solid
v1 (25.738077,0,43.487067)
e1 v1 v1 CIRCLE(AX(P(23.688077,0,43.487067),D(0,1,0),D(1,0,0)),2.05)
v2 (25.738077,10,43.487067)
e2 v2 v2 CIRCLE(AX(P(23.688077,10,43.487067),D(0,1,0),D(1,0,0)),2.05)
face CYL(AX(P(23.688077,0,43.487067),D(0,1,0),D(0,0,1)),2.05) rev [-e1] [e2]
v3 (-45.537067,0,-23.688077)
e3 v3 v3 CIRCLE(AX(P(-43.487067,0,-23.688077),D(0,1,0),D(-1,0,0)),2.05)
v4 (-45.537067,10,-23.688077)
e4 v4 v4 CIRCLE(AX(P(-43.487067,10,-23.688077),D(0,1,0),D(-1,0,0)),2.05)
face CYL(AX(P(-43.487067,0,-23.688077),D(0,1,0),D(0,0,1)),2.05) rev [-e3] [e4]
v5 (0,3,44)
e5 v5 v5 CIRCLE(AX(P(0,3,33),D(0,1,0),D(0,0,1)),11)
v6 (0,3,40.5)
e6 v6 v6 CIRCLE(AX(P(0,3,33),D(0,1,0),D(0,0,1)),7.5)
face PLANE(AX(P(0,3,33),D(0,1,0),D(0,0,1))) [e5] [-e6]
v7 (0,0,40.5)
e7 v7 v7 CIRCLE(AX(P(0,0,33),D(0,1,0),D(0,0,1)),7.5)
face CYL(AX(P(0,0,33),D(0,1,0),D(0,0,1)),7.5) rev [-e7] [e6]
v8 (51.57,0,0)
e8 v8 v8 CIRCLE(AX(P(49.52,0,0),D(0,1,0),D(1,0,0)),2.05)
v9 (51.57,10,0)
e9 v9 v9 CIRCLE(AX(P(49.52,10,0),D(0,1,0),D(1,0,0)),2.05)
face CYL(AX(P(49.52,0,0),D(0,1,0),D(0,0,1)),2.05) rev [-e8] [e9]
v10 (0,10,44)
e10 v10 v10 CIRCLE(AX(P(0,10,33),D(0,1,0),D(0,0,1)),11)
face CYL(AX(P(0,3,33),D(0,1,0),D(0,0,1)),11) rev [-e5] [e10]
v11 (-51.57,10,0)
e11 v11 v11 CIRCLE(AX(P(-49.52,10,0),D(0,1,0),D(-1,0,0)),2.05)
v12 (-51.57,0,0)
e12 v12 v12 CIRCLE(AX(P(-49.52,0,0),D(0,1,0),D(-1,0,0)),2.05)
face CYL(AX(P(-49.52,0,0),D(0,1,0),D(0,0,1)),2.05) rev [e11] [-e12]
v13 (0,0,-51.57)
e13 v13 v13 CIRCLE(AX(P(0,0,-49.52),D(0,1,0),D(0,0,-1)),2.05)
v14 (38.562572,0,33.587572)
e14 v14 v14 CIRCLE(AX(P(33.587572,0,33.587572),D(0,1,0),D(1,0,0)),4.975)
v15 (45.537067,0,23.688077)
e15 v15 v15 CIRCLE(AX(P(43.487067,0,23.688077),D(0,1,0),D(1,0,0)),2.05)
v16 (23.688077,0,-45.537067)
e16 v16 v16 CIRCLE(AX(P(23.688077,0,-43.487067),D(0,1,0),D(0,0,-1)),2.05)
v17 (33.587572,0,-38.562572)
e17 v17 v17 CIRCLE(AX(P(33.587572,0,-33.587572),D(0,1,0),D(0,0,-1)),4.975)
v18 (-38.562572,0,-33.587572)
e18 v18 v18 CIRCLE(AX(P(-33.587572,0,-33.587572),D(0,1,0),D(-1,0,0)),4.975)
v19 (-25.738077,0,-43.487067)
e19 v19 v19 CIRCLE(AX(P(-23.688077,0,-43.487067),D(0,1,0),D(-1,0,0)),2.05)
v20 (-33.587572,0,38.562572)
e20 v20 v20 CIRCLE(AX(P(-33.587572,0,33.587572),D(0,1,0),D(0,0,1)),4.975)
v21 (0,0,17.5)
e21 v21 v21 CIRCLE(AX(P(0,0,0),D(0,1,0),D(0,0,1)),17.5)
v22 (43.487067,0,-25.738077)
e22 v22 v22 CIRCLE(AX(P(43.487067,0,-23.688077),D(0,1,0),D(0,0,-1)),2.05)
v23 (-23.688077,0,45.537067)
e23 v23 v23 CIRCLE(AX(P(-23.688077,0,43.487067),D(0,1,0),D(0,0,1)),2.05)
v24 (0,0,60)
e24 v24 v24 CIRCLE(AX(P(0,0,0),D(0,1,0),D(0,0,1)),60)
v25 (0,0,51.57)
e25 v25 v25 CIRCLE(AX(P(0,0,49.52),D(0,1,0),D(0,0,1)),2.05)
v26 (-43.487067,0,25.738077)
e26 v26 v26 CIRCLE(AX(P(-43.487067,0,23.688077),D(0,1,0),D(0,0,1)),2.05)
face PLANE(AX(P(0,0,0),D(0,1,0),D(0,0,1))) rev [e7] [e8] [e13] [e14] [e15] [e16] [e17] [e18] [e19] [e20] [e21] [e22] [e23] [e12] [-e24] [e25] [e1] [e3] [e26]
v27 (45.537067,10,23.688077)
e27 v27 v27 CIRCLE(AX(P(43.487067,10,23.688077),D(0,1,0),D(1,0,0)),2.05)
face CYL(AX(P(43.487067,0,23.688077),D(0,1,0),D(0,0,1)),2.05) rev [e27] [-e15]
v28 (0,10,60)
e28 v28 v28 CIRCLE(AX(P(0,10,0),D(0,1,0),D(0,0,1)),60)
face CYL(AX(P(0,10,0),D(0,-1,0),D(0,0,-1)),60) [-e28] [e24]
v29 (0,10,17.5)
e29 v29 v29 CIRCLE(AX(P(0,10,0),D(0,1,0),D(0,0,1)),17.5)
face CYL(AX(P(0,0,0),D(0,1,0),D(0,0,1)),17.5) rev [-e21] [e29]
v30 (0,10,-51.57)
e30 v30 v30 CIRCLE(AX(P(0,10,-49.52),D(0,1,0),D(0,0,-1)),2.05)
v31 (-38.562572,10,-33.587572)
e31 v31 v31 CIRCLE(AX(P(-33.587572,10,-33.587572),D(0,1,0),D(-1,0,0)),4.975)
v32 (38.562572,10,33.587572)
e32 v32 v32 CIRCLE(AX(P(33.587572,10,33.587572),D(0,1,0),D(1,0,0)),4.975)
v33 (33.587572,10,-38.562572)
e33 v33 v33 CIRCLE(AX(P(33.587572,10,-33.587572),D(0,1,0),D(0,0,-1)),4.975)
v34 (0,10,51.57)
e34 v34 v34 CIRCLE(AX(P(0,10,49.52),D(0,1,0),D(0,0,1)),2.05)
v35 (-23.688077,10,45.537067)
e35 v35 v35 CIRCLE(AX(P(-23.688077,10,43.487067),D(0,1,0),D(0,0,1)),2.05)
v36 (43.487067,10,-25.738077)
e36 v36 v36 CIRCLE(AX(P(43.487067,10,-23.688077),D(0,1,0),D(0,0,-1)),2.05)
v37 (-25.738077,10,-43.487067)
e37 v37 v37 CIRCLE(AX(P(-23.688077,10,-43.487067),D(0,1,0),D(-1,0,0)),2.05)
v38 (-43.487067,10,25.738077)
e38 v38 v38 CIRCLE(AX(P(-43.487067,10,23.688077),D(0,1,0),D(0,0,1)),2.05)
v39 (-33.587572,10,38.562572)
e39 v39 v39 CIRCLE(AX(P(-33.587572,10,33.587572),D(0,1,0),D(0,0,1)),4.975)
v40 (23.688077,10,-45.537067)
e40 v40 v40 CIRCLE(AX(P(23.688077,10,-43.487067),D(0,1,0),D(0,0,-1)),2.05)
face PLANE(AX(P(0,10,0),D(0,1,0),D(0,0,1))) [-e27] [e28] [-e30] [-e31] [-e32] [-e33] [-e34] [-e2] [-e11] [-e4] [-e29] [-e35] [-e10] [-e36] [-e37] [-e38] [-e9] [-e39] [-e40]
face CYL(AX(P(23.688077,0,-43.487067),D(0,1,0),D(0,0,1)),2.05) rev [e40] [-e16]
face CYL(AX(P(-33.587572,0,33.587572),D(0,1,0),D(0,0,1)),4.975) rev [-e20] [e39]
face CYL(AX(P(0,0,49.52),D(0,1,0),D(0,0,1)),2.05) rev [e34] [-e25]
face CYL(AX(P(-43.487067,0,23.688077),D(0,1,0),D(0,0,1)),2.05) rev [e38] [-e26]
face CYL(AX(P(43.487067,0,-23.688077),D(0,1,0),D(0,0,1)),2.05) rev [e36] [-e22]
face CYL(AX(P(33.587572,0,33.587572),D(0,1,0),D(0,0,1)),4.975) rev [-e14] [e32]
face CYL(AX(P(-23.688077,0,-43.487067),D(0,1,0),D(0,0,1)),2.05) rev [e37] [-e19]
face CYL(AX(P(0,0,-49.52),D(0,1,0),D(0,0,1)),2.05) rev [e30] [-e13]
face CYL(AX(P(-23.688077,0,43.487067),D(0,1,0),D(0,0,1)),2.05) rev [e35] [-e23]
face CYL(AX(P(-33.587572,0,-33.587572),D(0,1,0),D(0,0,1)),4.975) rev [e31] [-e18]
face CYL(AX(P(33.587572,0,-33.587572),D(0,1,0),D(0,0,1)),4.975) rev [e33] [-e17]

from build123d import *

# Parameters (mm, degrees)
SKETCH1_R           = 60
BOSS_EXTRUDE1_DEPTH = 10
SKETCH2_R           = 11
CUT_EXTRUDE1_DEPTH  = 7
SKETCH3_R           = 7.5
CUT_EXTRUDE2_DEPTH  = 86.141059425
SKETCH5_R           = 4.975
SKETCH5_R_2         = 2.05
CUT_EXTRUDE4_DEPTH  = 86.440037453
SKETCH6_R           = 2.05
CUT_EXTRUDE5_DEPTH  = 86.440037453
CIRPATTERN1_COUNT   = 4
SKETCH7_R           = 17.5
CUT_EXTRUDE6_DEPTH  = 86.440037453


with BuildPart() as part:
    # Sketch1 → Boss-Extrude1 (new body)
    with BuildSketch(Plane(origin=(0, 0, 0), x_dir=(1, 0, 0), z_dir=(0, 1, 0))):
        with Locations(Location((0, 0, 0), (0, 0, 270))):
            Circle(SKETCH1_R)
    extrude(amount=BOSS_EXTRUDE1_DEPTH)

    # Sketch2 → Cut-Extrude1 (cut)
    with BuildSketch(Plane(origin=(0, 10, 0), x_dir=(1, 0, 0), z_dir=(0, 1, 0))):
        with Locations(Location((0, -33, 0), (0, 0, 270))):
            Circle(SKETCH2_R)
    extrude(amount=-CUT_EXTRUDE1_DEPTH, mode=Mode.SUBTRACT)

    # Sketch3 → Cut-Extrude2 (cut, through all)
    with BuildSketch(Plane(origin=(0, 3, 0), x_dir=(1, 0, 0), z_dir=(0, 1, 0))):
        with Locations(Location((0, -33, 0), (0, 0, 270))):
            Circle(SKETCH3_R)
    extrude(amount=-CUT_EXTRUDE2_DEPTH, mode=Mode.SUBTRACT)

    # Sketch5 → Cut-Extrude4 (cut, through all)
    with BuildSketch(Plane(origin=(0, 10, 0), x_dir=(1, 0, 0), z_dir=(0, 1, 0))):
        with Locations(Location((-33.587572106, -33.587572106, 0), (0, 0, 270))):
            Circle(SKETCH5_R)
        with Locations(Location((-43.487067043, -23.68807717, 0), (0, 0, 270))):
            Circle(SKETCH5_R_2)
        with Locations(Location((-23.68807717, -43.487067043, 0), (0, 0, 270))):
            Circle(SKETCH5_R_2)
    cut_extrude4 = extrude(amount=-CUT_EXTRUDE4_DEPTH, mode=Mode.SUBTRACT)

    # Sketch6 → Cut-Extrude5 (cut, through all)
    with BuildSketch(Plane(origin=(0, 10, 0), x_dir=(1, 0, 0), z_dir=(0, 1, 0))):
        with Locations(Location((0, -49.52, 0), (0, 0, 270))):
            Circle(SKETCH6_R)
    cut_extrude5 = extrude(amount=-CUT_EXTRUDE5_DEPTH, mode=Mode.SUBTRACT)

    # CirPattern1: Cut-Extrude4, Cut-Extrude5 ×4 about axis
    cirpattern1_axis = Axis((0, 0, 0), (0, 1, 0))
    add([cut_extrude4.rotate(cirpattern1_axis, i * 360 / CIRPATTERN1_COUNT) for i in range(1, CIRPATTERN1_COUNT)], mode=Mode.SUBTRACT)
    add([cut_extrude5.rotate(cirpattern1_axis, i * 360 / CIRPATTERN1_COUNT) for i in range(1, CIRPATTERN1_COUNT)], mode=Mode.SUBTRACT)

    # Sketch7 → Cut-Extrude6 (cut, through all)
    with BuildSketch(Plane(origin=(0, 10, 0), x_dir=(1, 0, 0), z_dir=(0, 1, 0))):
        with Locations(Location((0, 0, 0), (0, 0, 270))):
            Circle(SKETCH7_R)
    extrude(amount=-CUT_EXTRUDE6_DEPTH, mode=Mode.SUBTRACT)


solid = part.part
